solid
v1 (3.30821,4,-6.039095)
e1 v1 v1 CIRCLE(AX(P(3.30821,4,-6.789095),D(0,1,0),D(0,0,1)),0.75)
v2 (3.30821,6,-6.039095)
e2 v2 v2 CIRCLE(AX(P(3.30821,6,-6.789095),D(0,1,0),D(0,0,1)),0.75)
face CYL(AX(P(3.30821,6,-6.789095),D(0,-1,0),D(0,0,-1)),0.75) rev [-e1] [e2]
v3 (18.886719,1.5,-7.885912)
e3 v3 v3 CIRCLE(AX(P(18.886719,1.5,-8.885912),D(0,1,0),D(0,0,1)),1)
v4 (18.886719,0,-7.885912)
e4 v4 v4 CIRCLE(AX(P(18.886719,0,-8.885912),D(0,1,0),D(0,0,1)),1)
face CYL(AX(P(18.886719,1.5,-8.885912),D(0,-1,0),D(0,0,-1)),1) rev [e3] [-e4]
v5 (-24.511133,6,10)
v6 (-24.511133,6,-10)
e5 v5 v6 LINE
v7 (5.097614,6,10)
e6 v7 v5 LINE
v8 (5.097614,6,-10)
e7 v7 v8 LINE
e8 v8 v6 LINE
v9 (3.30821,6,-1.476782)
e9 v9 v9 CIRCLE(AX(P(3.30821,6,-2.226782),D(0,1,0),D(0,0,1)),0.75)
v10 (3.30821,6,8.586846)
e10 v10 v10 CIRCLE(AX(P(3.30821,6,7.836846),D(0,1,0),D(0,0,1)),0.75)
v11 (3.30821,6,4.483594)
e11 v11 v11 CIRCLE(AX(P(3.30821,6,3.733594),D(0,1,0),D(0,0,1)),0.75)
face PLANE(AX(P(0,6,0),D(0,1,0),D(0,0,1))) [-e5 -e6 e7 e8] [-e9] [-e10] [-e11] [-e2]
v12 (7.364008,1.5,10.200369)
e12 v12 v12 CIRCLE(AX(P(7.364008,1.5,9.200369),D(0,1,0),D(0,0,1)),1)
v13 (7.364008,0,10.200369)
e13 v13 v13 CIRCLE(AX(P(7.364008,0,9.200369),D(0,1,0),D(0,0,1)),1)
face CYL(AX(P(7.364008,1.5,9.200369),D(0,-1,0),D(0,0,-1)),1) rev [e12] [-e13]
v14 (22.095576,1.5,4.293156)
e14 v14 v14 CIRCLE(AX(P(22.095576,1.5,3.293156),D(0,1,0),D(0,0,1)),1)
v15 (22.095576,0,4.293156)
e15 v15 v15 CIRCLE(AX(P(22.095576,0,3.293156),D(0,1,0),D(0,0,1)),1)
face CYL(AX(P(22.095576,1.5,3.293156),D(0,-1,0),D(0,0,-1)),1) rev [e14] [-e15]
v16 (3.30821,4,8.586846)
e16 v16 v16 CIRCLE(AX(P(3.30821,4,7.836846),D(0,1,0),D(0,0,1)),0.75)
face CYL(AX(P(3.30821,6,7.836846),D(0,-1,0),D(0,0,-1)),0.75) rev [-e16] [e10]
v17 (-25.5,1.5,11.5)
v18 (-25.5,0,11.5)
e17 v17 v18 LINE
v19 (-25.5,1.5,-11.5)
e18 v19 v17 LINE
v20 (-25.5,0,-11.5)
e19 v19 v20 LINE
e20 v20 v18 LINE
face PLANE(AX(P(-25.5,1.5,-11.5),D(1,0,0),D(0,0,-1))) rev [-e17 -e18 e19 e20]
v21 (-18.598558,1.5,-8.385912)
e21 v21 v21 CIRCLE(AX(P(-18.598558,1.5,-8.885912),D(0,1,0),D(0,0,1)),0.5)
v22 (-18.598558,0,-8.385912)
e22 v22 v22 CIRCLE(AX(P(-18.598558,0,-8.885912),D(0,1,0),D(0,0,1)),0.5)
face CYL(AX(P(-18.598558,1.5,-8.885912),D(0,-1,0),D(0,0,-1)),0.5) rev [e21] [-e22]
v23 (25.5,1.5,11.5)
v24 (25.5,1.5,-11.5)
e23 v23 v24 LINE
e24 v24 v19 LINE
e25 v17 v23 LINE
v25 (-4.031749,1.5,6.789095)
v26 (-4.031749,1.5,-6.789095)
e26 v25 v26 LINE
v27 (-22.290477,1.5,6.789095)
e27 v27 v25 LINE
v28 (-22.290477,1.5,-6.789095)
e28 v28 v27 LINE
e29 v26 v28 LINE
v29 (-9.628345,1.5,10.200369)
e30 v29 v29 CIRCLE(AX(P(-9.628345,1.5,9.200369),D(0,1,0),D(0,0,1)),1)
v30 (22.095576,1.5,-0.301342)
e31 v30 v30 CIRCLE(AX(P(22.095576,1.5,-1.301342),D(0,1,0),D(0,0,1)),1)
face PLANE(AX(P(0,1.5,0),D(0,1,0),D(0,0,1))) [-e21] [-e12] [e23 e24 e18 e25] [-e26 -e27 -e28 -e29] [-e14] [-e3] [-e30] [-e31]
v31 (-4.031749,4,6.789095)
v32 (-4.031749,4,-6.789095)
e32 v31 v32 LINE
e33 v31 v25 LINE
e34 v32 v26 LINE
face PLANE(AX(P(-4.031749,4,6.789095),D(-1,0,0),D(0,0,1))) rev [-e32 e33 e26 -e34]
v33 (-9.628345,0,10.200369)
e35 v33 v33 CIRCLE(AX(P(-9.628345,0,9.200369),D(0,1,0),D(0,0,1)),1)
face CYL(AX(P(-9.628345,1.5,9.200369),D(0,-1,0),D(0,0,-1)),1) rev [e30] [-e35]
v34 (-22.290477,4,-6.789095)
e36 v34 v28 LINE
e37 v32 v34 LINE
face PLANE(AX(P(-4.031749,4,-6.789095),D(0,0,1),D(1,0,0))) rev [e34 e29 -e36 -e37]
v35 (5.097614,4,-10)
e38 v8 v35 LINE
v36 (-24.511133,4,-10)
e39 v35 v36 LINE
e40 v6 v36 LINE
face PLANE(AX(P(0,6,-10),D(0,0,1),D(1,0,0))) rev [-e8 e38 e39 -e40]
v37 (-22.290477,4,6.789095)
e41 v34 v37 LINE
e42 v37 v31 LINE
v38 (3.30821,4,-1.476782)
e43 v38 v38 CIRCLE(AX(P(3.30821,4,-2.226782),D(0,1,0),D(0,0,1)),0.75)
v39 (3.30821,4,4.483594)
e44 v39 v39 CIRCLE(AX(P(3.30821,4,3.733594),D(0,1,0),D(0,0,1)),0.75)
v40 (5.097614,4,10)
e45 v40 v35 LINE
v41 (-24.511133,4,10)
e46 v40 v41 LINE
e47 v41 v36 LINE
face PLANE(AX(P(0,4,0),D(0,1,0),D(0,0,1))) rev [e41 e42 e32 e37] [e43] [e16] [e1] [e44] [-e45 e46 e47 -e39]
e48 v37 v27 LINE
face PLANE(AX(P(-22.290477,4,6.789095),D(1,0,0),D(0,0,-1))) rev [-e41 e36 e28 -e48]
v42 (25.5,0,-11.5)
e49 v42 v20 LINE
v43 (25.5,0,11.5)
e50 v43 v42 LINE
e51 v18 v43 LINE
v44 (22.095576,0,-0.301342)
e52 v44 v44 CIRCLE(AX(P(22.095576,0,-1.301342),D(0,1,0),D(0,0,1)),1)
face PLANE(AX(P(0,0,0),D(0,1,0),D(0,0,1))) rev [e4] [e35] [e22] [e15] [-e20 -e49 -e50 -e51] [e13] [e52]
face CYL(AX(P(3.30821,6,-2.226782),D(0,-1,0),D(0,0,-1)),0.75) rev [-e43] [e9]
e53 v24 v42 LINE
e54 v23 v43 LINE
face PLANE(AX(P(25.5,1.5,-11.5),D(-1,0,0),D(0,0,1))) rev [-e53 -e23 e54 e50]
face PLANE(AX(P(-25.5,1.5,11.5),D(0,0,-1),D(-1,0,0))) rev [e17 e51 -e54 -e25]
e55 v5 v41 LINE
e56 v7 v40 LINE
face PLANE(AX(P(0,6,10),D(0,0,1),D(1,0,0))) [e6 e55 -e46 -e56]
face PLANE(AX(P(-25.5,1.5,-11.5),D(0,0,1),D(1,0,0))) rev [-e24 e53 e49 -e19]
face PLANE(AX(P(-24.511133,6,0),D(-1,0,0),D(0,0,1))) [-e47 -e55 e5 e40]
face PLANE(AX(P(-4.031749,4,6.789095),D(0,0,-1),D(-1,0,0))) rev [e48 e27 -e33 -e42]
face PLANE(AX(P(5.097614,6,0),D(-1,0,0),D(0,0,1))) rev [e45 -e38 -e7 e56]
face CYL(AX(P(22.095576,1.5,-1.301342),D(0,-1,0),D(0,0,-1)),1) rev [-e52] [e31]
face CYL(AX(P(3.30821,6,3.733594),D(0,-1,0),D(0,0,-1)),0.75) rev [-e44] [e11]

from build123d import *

# Parameters (mm, degrees)
SKETCH_1_W      = 51
SKETCH_1_H      = 23
SKETCH_1_R      = 0.5
SKETCH_1_R_2    = 1
EXTRUDE_1_DEPTH = 1.5
SKETCH_2_W      = 18.258727374
SKETCH_2_H      = 13.578190662
EXTRUDE_2_DEPTH = 2.5
SKETCH_3_W      = 29.608747094
SKETCH_3_H      = 20
SKETCH_3_R      = 0.75
EXTRUDE_3_DEPTH = 2


with BuildPart() as part:
    # Эскиз1 → Бобышка-Вытянуть1 (new body)
    with BuildSketch(Plane(origin=(0, 0, 0), x_dir=(1, 0, 0), z_dir=(0, 1, 0))):
        Rectangle(SKETCH_1_W, SKETCH_1_H)
        with Locations(Location((-18.598557526, 8.885912105, 0), (0, 0, 270))):
            Circle(SKETCH_1_R, mode=Mode.SUBTRACT)
        with Locations(Location((18.886719194, 8.885912105, 0), (0, 0, 270))):
            Circle(SKETCH_1_R_2, mode=Mode.SUBTRACT)
        with Locations(Location((22.095575567, -3.293156401, 0), (0, 0, 270))):
            Circle(SKETCH_1_R_2, mode=Mode.SUBTRACT)
        with Locations(Location((22.095575567, 1.301342497, 0), (0, 0, 270))):
            Circle(SKETCH_1_R_2, mode=Mode.SUBTRACT)
        with Locations(Location((7.364007673, -9.200369269, 0), (0, 0, 270))):
            Circle(SKETCH_1_R_2, mode=Mode.SUBTRACT)
        with Locations(Location((-9.628345393, -9.200369269, 0), (0, 0, 270))):
            Circle(SKETCH_1_R_2, mode=Mode.SUBTRACT)
    extrude(amount=EXTRUDE_1_DEPTH)

    # Эскиз2 → Бобышка-Вытянуть2 (add)
    with BuildSketch(Plane(origin=(0, 1.5, 0), x_dir=(1, 0, 0), z_dir=(0, 1, 0))):
        with Locations((-13.161113133, 0)):
            Rectangle(SKETCH_2_W, SKETCH_2_H)
    extrude(amount=EXTRUDE_2_DEPTH)

    # Эскиз3 → Бобышка-Вытянуть3 (add)
    with BuildSketch(Plane(origin=(0, 4, 0), x_dir=(1, 0, 0), z_dir=(0, 1, 0))):
        with Locations((-9.706759305, 0)):
            Rectangle(SKETCH_3_W, SKETCH_3_H)
        with Locations(Location((3.308209816, -7.836846056, 0), (0, 0, 270))):
            Circle(SKETCH_3_R, mode=Mode.SUBTRACT)
        with Locations(Location((3.308209816, -3.733593915, 0), (0, 0, 270))):
            Circle(SKETCH_3_R, mode=Mode.SUBTRACT)
        Polygon((-4.031749446, 0), (-4.031749446, -6.789095331), (-22.29047682, -6.789095331), (-22.29047682, 6.789095331), (-4.031749446, 6.789095331), align=None, mode=Mode.SUBTRACT)
        with Locations(Location((3.308209816, 2.226781891, 0), (0, 0, 270))):
            Circle(SKETCH_3_R, mode=Mode.SUBTRACT)
        with Locations(Location((3.308209816, 6.789095331, 0), (0, 0, 270))):
            Circle(SKETCH_3_R, mode=Mode.SUBTRACT)
        Polygon((-22.29047682, 6.789095331), (-13.161113133, 0), (-4.031749446, 6.789095331), align=None)
        Polygon((-22.29047682, 6.789095331), (-22.29047682, -6.789095331), (-13.161113133, 0), align=None)
        Polygon((-22.29047682, -6.789095331), (-4.031749446, -6.789095331), (-13.161113133, 0), align=None)
        Polygon((-13.161113133, 0), (-4.031749446, -6.789095331), (-4.031749446, 0), align=None)
        Polygon((-4.031749446, 6.789095331), (-13.161113133, 0), (-4.031749446, 0), align=None)
    extrude(amount=EXTRUDE_3_DEPTH)


solid = part.part
